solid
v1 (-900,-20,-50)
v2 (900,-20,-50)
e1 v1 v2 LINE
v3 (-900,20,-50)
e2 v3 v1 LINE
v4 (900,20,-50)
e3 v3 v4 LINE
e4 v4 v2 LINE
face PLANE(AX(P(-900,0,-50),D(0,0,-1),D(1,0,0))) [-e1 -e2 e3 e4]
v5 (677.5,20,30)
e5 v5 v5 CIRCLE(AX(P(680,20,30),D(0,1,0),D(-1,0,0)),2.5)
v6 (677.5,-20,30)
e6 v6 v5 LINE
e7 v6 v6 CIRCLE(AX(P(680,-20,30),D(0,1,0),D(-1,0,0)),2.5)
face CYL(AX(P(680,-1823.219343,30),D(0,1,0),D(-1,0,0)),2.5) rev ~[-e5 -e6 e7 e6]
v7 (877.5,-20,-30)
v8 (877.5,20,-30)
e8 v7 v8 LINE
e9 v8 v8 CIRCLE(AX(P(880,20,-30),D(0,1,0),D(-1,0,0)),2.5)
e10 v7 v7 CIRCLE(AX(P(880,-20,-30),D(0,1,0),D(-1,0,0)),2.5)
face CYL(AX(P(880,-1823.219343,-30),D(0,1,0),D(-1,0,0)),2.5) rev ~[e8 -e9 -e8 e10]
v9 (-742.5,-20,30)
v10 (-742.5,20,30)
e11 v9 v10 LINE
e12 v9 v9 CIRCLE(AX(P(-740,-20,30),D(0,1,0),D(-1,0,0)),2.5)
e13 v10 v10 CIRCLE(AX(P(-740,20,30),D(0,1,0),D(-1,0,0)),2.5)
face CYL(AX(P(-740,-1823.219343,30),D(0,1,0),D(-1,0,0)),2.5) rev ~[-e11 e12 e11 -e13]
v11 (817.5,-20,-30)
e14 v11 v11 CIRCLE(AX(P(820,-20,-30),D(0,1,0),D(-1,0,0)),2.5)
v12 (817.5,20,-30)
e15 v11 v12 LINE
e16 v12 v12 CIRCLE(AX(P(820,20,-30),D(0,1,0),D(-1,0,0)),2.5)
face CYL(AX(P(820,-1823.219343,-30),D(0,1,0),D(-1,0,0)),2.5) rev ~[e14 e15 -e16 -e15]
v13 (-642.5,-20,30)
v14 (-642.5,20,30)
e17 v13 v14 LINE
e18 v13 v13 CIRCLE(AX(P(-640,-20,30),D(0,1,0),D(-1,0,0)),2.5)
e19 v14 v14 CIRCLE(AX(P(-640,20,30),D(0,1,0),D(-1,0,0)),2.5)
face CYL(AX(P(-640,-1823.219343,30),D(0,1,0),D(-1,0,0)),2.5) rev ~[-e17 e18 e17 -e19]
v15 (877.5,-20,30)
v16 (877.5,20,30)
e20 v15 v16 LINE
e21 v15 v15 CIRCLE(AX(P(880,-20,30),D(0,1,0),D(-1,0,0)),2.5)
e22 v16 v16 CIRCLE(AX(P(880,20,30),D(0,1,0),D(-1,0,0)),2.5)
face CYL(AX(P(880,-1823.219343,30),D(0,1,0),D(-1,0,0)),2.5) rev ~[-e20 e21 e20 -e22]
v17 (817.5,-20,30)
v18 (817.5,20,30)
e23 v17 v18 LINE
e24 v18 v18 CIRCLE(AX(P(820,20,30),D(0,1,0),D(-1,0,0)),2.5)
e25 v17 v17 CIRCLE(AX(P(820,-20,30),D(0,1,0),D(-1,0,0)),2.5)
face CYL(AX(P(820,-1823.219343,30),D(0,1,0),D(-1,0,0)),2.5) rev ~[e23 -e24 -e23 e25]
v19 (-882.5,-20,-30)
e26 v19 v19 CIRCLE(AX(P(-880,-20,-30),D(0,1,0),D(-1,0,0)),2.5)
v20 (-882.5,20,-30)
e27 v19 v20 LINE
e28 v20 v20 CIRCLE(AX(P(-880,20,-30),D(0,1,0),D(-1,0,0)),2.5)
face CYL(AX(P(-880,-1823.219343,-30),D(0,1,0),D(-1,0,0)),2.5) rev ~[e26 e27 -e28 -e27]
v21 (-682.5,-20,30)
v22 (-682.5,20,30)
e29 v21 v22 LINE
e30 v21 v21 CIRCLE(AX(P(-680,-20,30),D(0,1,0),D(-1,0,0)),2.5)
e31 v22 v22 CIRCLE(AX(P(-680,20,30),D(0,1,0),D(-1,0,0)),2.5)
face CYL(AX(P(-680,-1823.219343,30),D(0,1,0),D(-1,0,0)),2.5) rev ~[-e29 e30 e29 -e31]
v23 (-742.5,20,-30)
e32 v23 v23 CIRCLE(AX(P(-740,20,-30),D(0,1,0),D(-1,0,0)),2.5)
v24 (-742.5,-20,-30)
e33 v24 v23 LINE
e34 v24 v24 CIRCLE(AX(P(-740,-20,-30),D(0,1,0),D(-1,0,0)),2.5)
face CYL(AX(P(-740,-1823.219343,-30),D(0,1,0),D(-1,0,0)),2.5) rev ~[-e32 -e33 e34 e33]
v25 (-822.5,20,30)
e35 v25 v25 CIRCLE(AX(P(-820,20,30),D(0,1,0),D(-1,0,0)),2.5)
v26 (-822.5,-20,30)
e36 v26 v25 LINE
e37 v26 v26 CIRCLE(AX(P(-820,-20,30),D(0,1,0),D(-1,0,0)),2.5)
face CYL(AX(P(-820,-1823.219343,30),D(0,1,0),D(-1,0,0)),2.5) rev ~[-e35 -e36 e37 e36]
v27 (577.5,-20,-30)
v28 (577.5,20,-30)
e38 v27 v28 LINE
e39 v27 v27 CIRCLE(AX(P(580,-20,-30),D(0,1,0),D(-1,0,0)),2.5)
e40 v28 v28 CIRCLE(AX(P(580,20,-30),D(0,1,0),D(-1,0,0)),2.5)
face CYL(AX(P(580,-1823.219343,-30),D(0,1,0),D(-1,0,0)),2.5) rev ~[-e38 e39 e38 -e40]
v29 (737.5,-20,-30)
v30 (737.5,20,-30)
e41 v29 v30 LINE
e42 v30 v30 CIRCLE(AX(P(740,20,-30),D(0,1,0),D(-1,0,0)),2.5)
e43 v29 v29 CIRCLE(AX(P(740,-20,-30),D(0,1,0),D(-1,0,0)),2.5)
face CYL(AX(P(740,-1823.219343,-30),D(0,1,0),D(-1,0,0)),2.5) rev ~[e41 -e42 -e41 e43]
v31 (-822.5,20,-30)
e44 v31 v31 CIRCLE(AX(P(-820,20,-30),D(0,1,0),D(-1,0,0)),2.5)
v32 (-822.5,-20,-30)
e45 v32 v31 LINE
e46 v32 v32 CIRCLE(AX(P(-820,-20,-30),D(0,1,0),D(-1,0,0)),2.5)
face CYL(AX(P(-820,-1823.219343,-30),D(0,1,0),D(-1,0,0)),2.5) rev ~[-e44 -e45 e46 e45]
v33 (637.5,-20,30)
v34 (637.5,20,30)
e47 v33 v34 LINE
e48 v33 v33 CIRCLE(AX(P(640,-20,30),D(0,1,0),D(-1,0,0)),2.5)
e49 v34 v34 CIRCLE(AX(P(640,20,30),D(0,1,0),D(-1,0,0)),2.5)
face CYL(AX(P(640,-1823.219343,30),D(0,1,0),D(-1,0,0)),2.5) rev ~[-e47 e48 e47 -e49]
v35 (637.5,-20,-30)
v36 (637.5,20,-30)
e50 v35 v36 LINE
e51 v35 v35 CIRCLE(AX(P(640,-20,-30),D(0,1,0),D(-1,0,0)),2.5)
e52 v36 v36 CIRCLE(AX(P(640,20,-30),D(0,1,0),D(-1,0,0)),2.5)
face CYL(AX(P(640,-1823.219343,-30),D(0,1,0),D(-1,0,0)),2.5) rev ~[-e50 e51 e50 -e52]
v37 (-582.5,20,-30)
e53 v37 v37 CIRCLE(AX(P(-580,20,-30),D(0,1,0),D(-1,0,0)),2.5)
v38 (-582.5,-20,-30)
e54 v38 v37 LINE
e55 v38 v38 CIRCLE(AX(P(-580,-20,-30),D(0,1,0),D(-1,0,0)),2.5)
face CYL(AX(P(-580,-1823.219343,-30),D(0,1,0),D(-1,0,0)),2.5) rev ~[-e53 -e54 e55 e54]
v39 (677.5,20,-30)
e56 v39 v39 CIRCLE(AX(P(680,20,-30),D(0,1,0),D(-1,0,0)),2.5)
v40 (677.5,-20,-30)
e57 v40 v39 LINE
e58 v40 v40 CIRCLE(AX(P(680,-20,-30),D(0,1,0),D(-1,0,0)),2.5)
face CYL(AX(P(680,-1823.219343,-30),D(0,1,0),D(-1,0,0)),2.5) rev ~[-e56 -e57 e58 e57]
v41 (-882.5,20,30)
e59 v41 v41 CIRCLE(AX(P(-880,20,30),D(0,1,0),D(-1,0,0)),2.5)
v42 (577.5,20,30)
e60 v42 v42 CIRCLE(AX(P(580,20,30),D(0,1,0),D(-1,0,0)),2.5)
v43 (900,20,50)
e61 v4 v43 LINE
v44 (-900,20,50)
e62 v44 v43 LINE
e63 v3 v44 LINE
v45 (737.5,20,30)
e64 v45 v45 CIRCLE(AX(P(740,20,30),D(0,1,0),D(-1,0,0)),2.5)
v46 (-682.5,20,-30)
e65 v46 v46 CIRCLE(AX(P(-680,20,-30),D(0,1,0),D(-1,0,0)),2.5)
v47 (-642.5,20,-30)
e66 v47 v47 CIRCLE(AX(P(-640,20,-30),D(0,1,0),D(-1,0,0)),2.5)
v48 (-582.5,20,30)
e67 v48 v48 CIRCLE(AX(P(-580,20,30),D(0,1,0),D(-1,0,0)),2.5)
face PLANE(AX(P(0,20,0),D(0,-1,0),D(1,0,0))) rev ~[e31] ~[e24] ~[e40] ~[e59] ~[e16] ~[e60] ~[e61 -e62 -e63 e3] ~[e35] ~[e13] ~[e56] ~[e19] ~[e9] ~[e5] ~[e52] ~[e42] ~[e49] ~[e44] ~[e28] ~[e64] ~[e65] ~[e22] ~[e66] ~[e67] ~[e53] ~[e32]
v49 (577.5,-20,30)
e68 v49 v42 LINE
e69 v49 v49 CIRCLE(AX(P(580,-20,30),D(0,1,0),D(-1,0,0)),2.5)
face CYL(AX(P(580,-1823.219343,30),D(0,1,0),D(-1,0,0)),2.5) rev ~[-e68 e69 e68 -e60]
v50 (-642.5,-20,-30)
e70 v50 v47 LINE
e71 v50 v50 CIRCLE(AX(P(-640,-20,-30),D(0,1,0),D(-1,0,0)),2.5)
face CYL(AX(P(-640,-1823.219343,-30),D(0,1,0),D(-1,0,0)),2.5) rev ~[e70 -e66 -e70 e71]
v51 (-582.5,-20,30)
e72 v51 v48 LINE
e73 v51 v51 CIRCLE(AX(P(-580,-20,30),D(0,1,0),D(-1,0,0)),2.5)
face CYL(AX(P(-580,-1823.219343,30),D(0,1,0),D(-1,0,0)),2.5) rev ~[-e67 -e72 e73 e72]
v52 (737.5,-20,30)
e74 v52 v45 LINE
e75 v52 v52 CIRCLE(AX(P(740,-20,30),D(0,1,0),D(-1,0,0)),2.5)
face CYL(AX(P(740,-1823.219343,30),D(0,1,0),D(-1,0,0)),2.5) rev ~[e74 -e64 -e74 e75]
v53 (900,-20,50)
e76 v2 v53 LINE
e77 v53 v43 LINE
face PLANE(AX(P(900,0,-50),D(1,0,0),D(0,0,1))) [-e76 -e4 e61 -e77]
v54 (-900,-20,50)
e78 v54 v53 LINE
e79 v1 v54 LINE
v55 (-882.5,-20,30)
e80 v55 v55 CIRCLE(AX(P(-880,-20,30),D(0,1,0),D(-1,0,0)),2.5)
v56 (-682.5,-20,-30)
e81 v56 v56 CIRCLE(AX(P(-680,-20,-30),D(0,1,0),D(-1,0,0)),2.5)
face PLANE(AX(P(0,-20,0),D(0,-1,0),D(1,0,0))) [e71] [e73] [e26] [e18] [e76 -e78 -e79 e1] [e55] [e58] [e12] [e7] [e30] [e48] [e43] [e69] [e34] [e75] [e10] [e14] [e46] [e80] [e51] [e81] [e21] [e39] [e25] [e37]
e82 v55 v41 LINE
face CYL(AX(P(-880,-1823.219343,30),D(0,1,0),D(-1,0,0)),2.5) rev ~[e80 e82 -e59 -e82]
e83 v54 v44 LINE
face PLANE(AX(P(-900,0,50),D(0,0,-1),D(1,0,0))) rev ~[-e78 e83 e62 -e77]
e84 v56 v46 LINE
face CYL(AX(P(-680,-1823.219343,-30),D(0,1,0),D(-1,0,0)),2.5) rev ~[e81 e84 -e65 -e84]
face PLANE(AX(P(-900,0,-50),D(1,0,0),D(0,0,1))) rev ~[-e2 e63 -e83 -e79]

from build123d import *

# Parameters (mm, degrees)
F0_W     = 1800
F0_H     = 100
F1_DEPTH = 20
F3_D     = 5


with BuildPart() as f1:
    # F0 (on Front) → F1 (new body, symmetric)
    with BuildSketch(Plane.XZ):
        Rectangle(F0_W, F0_H)
    extrude(amount=F1_DEPTH, both=True)

    # F3 (through all)
    with Locations(Plane.XZ.offset(20)):
        with Locations((-880, 30), (-880, -30), (-820, 30), (-820, -30), (-740, 30), (-740, -30), (-680, 30), (-680, -30), (680, 30), (680, -30), (740, 30), (740, -30), (820, -30), (880, 30), (880, -30), (820, 30), (-640, 30), (-640, -30), (-580, -30), (-580, 30), (580, 30), (640, 30), (580, -30), (640, -30)):
            Hole(F3_D / 2)


solid = f1.part
